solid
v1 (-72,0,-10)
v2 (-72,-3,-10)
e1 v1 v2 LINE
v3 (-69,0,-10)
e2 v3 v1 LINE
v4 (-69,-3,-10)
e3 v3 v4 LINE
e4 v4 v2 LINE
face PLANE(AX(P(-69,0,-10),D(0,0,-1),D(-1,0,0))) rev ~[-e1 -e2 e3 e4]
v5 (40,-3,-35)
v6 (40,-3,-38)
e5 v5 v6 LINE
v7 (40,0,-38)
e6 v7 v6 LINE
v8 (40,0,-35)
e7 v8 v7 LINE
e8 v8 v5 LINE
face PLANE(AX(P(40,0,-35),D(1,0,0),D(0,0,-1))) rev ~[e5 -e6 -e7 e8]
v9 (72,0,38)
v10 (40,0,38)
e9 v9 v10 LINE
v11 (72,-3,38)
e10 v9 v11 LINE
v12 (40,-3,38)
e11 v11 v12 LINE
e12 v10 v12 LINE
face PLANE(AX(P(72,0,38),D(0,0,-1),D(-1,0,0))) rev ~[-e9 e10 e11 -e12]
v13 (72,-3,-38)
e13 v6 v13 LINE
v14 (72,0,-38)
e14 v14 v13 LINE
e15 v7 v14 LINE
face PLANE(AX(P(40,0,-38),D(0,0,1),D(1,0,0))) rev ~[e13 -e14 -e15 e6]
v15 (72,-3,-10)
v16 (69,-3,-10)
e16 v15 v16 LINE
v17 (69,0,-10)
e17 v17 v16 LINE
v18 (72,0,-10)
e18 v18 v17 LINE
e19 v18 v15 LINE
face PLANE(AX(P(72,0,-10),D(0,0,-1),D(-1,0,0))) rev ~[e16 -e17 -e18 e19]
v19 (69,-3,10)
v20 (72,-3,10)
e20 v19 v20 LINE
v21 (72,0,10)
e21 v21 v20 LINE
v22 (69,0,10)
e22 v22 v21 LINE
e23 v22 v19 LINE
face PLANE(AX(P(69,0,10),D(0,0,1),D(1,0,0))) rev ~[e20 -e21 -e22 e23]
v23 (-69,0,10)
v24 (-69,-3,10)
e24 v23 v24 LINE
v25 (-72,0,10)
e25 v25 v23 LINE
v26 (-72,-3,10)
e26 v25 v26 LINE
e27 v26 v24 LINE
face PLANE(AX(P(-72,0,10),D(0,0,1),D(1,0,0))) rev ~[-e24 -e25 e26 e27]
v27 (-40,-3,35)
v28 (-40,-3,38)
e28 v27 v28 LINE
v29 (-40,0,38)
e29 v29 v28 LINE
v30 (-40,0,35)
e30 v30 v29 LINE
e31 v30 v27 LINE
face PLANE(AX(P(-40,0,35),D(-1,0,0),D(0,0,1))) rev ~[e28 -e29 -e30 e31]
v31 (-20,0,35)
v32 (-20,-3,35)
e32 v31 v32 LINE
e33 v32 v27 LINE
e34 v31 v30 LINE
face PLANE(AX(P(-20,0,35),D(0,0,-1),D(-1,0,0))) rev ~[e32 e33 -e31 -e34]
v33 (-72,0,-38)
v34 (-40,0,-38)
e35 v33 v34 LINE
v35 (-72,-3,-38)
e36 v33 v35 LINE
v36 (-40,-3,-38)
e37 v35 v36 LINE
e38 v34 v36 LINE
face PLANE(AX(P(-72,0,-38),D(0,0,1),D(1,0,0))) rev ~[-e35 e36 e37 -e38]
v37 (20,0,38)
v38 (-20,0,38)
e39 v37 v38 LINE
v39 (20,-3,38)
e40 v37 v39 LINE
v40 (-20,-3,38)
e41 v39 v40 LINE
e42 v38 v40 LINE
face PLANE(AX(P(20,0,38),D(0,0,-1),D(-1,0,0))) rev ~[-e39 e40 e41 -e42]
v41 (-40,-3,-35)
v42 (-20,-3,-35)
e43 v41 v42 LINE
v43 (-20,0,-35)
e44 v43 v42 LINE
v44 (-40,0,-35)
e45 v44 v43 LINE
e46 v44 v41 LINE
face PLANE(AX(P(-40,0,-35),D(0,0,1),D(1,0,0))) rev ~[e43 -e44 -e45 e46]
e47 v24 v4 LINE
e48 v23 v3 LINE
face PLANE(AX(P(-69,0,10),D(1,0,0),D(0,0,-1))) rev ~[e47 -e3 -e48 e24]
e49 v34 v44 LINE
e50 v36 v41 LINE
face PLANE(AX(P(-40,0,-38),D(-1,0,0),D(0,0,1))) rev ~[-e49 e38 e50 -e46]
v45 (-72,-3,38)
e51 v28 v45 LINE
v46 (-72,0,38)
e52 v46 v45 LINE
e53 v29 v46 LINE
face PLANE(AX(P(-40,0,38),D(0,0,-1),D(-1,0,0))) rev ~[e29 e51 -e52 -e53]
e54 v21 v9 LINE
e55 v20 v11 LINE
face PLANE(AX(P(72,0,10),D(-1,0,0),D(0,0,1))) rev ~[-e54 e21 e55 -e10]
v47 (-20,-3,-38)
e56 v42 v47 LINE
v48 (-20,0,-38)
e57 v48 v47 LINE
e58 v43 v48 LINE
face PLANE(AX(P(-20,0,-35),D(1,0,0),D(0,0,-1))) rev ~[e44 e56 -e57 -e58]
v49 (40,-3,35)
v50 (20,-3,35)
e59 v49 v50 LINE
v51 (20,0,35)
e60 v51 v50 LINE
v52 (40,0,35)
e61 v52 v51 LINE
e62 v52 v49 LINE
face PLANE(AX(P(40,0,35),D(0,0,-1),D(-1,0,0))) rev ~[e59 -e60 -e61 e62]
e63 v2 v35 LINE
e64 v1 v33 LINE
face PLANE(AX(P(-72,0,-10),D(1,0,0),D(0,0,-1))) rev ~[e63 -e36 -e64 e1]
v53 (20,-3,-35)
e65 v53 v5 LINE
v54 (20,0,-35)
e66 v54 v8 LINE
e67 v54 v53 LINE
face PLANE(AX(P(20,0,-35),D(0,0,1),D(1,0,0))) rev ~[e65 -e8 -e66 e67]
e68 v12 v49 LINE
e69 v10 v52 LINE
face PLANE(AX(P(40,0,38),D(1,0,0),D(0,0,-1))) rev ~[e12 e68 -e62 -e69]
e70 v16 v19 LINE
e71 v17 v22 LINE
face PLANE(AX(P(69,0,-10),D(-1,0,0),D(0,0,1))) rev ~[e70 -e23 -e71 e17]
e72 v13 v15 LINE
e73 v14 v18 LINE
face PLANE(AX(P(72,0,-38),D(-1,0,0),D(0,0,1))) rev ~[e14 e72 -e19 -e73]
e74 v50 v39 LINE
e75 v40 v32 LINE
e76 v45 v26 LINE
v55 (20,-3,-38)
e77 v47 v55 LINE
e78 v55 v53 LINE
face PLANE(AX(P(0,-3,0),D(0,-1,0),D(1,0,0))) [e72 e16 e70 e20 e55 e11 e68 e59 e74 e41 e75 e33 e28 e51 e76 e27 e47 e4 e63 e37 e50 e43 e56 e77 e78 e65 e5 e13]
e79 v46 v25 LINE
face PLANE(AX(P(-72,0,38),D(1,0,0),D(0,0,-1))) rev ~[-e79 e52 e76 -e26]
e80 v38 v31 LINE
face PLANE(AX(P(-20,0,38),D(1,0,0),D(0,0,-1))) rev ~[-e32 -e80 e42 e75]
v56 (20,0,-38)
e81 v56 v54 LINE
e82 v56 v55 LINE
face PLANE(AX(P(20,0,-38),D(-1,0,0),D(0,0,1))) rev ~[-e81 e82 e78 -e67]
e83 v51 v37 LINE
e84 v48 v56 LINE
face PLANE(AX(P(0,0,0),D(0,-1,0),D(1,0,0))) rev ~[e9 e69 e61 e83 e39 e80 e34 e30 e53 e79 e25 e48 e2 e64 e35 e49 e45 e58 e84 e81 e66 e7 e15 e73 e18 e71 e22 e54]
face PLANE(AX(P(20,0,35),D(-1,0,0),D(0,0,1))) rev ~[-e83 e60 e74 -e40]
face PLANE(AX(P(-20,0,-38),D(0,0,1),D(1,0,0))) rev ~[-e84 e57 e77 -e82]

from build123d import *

# Parameters (mm, degrees)
F1_DEPTH = 3


with BuildPart() as f1:
    # F0 (on Front) → F1 (new body)
    with BuildSketch(Plane.XZ):
        Polygon((40, -38), (72, -38), (72, -10), (69, -10), (69, 10), (72, 10), (72, 38), (40, 38), (40, 35), (20, 35), (20, 38), (-20, 38), (-20, 35), (-40, 35), (-40, 38), (-72, 38), (-72, 10), (-69, 10), (-69, -10), (-72, -10), (-72, -38), (-40, -38), (-40, -35), (-20, -35), (-20, -38), (20, -38), (20, -35), (40, -35), align=None)
    extrude(amount=F1_DEPTH)


solid = f1.part
